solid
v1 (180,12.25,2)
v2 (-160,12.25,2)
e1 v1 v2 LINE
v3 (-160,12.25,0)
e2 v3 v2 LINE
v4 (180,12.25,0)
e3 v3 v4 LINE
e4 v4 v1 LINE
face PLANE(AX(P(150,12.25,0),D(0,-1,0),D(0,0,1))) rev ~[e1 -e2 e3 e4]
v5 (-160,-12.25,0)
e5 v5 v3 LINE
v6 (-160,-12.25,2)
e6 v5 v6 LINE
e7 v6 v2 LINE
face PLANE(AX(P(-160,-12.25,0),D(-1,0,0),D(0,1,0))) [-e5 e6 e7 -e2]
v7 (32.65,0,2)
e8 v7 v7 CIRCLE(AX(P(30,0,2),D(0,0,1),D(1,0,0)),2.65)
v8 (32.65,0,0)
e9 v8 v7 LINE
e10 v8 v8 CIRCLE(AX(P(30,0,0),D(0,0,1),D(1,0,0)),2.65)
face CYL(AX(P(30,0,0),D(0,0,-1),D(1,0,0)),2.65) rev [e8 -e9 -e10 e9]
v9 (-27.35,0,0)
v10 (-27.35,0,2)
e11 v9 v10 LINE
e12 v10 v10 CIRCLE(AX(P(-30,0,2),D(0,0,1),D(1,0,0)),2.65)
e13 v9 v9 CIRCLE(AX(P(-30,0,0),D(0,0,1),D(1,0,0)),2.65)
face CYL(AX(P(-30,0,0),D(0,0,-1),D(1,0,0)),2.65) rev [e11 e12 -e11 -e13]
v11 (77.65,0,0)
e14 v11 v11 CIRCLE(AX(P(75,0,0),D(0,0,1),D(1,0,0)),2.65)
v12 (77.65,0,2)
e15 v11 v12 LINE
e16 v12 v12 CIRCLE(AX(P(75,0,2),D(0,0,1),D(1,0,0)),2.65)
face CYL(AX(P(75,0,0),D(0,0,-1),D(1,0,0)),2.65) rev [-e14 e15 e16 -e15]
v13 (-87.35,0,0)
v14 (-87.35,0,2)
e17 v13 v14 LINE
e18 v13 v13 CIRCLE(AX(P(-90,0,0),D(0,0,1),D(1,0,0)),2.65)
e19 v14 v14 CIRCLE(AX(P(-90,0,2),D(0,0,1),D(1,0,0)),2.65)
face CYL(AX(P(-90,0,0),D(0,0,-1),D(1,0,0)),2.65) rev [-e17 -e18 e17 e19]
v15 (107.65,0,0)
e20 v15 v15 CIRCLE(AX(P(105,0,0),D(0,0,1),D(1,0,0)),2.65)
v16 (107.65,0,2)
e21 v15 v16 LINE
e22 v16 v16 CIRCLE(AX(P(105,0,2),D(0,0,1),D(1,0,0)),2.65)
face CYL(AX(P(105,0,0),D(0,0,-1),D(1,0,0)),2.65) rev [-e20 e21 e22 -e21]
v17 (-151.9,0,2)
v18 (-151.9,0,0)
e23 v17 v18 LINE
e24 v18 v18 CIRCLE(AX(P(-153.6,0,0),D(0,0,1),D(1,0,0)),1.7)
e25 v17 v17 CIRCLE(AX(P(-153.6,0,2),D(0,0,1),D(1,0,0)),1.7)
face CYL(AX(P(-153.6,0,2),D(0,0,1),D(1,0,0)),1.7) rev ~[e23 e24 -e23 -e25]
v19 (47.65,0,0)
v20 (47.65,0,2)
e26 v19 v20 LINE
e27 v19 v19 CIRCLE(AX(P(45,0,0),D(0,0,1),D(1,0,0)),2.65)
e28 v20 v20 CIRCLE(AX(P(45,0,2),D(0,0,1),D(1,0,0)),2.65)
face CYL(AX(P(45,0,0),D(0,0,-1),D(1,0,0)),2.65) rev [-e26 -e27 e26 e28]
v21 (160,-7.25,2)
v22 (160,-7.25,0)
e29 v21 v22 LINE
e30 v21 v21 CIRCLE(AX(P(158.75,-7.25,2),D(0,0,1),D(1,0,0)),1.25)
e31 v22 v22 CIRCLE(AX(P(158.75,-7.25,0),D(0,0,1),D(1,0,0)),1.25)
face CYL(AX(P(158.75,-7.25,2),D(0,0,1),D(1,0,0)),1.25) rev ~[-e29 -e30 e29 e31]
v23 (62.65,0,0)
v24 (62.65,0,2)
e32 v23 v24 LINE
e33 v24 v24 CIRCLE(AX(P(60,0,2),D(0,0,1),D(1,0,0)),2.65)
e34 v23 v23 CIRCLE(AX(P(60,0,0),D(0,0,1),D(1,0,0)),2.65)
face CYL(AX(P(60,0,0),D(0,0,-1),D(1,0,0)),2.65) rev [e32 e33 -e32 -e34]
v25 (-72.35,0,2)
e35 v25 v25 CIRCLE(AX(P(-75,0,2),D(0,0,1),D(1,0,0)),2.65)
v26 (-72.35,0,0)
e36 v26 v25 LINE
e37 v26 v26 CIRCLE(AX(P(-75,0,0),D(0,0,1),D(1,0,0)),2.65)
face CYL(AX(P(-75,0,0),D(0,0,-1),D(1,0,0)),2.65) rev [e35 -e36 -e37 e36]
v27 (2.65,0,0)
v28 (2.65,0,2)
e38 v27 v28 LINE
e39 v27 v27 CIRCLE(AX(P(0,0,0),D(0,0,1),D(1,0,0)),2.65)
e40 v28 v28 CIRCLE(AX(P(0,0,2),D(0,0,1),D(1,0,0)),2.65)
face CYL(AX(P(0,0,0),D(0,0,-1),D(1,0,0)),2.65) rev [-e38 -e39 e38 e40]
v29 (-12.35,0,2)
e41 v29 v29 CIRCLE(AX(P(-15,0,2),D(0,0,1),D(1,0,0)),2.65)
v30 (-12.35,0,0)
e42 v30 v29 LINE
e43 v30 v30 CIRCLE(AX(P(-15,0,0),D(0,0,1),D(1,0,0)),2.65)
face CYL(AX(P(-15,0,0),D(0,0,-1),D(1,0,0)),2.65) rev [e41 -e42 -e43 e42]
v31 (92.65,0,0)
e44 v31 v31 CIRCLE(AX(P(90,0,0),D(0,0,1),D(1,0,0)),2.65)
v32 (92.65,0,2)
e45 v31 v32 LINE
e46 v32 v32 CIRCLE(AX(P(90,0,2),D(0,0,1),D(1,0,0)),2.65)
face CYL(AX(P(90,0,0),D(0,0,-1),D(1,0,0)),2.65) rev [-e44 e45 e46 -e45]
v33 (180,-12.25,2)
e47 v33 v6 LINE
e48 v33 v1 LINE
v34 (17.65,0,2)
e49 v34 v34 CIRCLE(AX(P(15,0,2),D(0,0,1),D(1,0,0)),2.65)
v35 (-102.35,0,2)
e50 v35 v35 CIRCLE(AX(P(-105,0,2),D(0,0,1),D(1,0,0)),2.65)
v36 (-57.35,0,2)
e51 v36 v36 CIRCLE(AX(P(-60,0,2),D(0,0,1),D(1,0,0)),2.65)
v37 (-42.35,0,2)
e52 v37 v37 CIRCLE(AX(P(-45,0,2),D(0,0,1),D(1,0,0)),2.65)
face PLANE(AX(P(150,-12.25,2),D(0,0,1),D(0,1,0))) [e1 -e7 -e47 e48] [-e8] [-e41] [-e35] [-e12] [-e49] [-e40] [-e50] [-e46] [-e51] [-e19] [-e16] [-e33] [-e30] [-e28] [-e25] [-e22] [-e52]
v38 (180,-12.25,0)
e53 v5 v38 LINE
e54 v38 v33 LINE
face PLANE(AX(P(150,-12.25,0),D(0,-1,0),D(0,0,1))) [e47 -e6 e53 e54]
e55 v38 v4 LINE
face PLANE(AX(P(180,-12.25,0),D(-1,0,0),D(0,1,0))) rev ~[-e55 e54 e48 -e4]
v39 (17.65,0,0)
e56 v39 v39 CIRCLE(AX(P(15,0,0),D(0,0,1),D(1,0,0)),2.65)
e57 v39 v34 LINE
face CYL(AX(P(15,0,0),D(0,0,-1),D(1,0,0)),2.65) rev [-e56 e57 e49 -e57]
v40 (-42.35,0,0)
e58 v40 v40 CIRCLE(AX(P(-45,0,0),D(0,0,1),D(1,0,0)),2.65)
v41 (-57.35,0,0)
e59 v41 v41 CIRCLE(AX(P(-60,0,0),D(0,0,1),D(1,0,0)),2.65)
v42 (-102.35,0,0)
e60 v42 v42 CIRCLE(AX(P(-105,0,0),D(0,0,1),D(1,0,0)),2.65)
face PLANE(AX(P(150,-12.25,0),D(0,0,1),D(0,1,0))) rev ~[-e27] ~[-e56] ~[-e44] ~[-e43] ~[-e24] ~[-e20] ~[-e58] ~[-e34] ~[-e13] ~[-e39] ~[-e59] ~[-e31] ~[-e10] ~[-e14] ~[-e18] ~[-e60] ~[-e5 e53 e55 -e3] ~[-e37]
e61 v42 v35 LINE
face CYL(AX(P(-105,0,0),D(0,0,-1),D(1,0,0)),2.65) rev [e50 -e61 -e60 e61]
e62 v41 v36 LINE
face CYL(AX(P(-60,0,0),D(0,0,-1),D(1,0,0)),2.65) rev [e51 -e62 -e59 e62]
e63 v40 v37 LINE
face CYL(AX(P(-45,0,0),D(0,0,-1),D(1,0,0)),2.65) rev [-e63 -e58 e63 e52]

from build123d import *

# Parameters (mm, degrees)
F0_W     = 300
F0_H     = 24.5
F0_R     = 2.65
F1_DEPTH = 2
F2_DEPTH = 10
F3_DEPTH = 30
F4_R     = 1.7
F5_DEPTH = 2
F6_R     = 1.25
F7_DEPTH = 2


with BuildPart() as f1:
    # F0 (on Top) → F1 (new body)
    with BuildSketch(Plane.XY):
        Rectangle(F0_W, F0_H)
        with Locations((-105, 0)):
            Circle(F0_R, mode=Mode.SUBTRACT)
        with Locations((-90, 0)):
            Circle(F0_R, mode=Mode.SUBTRACT)
        with Locations((-75, 0)):
            Circle(F0_R, mode=Mode.SUBTRACT)
        with Locations((-60, 0)):
            Circle(F0_R, mode=Mode.SUBTRACT)
        with Locations((-45, 0)):
            Circle(F0_R, mode=Mode.SUBTRACT)
        with Locations((-30, 0)):
            Circle(F0_R, mode=Mode.SUBTRACT)
        with Locations((-15, 0)):
            Circle(F0_R, mode=Mode.SUBTRACT)
        Circle(F0_R, mode=Mode.SUBTRACT)
        with Locations((15, 0)):
            Circle(F0_R, mode=Mode.SUBTRACT)
        with Locations((30, 0)):
            Circle(F0_R, mode=Mode.SUBTRACT)
        with Locations((45, 0)):
            Circle(F0_R, mode=Mode.SUBTRACT)
        with Locations((60, 0)):
            Circle(F0_R, mode=Mode.SUBTRACT)
        with Locations((75, 0)):
            Circle(F0_R, mode=Mode.SUBTRACT)
        with Locations((90, 0)):
            Circle(F0_R, mode=Mode.SUBTRACT)
        with Locations((105, 0)):
            Circle(F0_R, mode=Mode.SUBTRACT)
    extrude(amount=F1_DEPTH)

    # F2 (add): a face of the model
    f2_faces = [f1.faces().sort_by_distance(p)[0] for p in [
        (-150, 0, 1),
    ]]
    extrude(f2_faces, amount=F2_DEPTH)

    # F3 (add): a face of the model
    f3_faces = [f1.faces().sort_by_distance(p)[0] for p in [
        (150, 0, 1),
    ]]
    extrude(f3_faces, amount=F3_DEPTH)

    # F4 (on face) → F5 (cut, through all)
    with BuildSketch(Plane.XY.offset(2)):
        with Locations((-153.6, 0)):
            Circle(F4_R)
    extrude(amount=-F5_DEPTH, mode=Mode.SUBTRACT)

    # F6 (on face) → F7 (cut, through all)
    with BuildSketch(Plane.XY.offset(2)):
        with Locations((158.75, -7.25)):
            Circle(F6_R)
    extrude(amount=-F7_DEPTH, mode=Mode.SUBTRACT)


solid = f1.part
